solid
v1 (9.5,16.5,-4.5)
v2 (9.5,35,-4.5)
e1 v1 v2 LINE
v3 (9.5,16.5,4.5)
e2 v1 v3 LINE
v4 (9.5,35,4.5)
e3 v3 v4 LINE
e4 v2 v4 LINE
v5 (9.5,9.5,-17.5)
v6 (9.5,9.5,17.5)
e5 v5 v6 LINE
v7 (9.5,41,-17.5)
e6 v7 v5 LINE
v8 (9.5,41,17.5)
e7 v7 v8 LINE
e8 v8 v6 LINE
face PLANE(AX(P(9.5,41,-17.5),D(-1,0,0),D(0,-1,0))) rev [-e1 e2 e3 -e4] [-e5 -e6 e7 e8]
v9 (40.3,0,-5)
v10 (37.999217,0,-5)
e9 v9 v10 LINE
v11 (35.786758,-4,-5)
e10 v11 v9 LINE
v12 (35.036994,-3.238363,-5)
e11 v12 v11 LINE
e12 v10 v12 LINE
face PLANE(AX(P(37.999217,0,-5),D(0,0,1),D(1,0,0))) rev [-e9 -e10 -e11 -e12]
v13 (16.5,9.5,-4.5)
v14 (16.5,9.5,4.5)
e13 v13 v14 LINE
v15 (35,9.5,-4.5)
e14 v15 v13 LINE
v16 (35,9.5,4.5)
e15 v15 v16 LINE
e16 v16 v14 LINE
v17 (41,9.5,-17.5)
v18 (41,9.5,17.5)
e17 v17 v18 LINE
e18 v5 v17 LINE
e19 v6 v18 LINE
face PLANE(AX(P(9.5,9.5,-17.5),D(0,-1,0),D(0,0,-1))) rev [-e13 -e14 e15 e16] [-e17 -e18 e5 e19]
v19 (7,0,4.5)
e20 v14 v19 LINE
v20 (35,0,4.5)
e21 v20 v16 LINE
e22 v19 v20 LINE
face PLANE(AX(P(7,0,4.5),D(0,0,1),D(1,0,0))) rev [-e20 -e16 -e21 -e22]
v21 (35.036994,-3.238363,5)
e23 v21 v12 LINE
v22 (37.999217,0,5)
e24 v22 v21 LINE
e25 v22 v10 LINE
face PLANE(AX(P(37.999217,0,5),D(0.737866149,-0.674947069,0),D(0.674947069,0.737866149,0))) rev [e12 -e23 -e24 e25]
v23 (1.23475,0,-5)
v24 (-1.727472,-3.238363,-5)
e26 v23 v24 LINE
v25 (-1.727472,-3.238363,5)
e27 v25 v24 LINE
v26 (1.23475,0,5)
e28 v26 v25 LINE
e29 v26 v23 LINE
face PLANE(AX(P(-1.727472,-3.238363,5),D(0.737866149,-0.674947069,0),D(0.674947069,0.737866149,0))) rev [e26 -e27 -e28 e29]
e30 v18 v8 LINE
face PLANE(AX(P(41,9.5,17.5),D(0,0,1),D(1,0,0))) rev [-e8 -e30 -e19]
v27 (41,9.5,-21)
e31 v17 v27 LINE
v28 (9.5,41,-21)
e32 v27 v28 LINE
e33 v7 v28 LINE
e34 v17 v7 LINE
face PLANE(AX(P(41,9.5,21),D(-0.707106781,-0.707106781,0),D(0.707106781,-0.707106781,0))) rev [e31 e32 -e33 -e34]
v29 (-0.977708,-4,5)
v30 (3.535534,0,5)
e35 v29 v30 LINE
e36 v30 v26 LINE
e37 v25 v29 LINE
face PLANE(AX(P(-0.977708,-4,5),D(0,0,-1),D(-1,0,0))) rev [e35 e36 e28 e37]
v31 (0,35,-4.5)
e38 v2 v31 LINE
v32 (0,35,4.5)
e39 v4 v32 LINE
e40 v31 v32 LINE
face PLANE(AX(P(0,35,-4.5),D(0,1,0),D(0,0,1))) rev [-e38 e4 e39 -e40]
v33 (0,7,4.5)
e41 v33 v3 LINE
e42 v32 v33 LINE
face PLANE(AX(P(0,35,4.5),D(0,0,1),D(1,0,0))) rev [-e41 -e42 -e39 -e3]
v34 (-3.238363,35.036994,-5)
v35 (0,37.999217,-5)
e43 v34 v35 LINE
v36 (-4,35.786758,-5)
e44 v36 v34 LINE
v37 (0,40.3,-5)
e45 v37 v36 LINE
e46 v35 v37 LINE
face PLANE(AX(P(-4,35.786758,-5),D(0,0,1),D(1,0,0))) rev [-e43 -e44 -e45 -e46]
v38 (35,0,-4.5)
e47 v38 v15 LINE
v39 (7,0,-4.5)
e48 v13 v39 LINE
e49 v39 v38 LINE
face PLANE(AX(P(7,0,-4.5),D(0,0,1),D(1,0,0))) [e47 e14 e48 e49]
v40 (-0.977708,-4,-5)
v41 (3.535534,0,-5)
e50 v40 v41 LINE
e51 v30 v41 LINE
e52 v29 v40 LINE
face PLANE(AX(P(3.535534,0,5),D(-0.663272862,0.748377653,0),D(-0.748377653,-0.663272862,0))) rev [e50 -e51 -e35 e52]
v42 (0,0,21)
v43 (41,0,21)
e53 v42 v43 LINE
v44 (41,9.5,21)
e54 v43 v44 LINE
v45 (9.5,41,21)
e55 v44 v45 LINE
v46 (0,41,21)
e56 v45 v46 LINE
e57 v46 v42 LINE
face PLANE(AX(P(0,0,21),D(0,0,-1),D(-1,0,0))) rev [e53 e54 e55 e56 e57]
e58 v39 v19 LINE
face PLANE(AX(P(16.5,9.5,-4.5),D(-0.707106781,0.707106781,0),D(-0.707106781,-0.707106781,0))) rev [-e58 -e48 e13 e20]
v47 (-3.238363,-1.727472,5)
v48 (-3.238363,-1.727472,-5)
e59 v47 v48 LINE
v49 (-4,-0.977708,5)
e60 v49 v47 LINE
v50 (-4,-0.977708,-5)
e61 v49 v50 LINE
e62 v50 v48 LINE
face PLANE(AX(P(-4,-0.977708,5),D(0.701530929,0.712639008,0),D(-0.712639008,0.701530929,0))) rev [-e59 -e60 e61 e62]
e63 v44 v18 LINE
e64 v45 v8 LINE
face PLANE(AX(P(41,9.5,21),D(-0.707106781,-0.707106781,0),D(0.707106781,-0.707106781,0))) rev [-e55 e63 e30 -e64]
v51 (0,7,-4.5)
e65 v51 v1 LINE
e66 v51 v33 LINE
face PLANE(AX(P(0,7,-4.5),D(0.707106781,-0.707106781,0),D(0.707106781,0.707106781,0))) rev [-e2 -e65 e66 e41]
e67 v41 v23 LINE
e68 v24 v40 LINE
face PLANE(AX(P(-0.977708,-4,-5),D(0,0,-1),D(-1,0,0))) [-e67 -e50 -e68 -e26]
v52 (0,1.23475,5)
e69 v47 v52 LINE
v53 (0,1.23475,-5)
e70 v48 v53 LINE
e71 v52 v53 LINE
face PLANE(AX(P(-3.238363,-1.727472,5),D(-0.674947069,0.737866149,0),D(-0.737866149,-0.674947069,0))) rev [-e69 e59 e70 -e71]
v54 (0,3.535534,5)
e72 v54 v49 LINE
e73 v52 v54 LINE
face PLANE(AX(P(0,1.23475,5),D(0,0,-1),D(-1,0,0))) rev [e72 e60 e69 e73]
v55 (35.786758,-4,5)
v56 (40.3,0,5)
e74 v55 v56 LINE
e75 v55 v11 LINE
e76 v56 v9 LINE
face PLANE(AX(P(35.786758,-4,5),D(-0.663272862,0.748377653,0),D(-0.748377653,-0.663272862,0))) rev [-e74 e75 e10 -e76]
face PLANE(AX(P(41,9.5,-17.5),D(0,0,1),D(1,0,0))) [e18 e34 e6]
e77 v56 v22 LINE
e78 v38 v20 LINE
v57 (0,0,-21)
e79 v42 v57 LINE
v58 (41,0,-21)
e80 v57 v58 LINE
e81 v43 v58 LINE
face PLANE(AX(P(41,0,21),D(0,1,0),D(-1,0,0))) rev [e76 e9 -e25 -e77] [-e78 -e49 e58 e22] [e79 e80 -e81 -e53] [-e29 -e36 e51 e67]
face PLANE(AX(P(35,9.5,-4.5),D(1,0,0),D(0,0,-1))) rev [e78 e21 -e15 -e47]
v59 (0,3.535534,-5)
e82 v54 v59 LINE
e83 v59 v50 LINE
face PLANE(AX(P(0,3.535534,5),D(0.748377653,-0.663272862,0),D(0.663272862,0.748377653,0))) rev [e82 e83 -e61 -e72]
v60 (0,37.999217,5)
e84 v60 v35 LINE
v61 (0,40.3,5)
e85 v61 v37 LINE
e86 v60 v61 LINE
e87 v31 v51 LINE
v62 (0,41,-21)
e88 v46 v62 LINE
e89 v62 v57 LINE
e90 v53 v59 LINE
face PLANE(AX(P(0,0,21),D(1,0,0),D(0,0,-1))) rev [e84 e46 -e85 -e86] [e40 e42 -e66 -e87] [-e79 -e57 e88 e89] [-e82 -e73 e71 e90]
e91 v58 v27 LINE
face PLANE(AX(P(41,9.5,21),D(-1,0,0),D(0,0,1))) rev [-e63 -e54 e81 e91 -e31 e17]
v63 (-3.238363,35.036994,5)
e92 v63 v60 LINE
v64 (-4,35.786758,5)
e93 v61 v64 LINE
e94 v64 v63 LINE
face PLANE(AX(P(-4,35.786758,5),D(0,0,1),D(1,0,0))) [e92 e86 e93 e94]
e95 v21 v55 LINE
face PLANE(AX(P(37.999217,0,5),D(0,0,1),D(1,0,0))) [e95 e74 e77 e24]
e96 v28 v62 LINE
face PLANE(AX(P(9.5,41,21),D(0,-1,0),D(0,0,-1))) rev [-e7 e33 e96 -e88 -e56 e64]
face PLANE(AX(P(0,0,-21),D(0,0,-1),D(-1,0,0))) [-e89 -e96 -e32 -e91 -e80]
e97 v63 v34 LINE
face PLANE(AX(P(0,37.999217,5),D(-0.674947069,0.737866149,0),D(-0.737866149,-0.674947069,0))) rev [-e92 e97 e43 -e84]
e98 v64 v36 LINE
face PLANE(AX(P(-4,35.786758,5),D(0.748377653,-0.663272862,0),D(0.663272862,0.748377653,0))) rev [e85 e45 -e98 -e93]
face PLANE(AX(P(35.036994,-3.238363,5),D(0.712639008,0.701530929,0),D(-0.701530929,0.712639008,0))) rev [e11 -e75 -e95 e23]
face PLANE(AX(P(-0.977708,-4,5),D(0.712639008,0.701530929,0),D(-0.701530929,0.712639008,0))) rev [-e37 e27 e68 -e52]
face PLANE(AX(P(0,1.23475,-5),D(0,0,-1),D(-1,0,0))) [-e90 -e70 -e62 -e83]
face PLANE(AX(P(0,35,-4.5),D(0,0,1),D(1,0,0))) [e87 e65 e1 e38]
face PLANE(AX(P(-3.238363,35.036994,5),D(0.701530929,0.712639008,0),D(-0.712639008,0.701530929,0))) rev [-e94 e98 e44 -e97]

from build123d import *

# Parameters (mm, degrees)
BOSS_EXTRUDE1_DEPTH = 21
CUT_EXTRUDE1_DEPTH  = 17.5
CUT_EXTRUDE2_DEPTH  = 4.5
BOSS_EXTRUDE2_DEPTH = 5


with BuildPart() as part:
    # Sketch1 → Boss-Extrude1 (new, symmetric)
    with BuildSketch(Plane.XY):
        Polygon((0, 0), (0, 41), (9.5, 41), (41, 9.5), (41, 0), align=None)
    extrude(amount=BOSS_EXTRUDE1_DEPTH, both=True)

    # Sketch2 → Cut-Extrude1 (cut, symmetric)
    with BuildSketch(Plane.XY):
        Polygon((9.5, 41), (9.5, 9.5), (41, 9.5), align=None)
    extrude(amount=CUT_EXTRUDE1_DEPTH, both=True, mode=Mode.SUBTRACT)

    # Sketch3 → Cut-Extrude2 (cut, symmetric)
    with BuildSketch(Plane.XY):
        Polygon((0, 35), (9.5, 35), (9.5, 16.5), (0, 7), align=None)
        Polygon((16.5, 9.5), (35, 9.5), (35, 0), (7, 0), align=None)
    extrude(amount=CUT_EXTRUDE2_DEPTH, both=True, mode=Mode.SUBTRACT)

    # Sketch4 → Boss-Extrude2 (add, symmetric)
    with BuildSketch(Plane.XY):
        Polygon((-0.977707603, -4), (-1.72747232, -3.238363468), (1.234750477, 0), (3.535533906, 0), align=None)
        Polygon((0, 3.535533906), (-4, -0.977707603), (-3.238363468, -1.72747232), (0, 1.234750477), align=None)
        Polygon((0, 40.3), (0, 37.999216572), (-3.238363468, 35.036993774), (-4, 35.786758491), align=None)
        Polygon((37.999216572, 0), (35.036993774, -3.238363468), (35.786758491, -4), (40.3, 0), align=None)
    extrude(amount=BOSS_EXTRUDE2_DEPTH, both=True)


solid = part.part
